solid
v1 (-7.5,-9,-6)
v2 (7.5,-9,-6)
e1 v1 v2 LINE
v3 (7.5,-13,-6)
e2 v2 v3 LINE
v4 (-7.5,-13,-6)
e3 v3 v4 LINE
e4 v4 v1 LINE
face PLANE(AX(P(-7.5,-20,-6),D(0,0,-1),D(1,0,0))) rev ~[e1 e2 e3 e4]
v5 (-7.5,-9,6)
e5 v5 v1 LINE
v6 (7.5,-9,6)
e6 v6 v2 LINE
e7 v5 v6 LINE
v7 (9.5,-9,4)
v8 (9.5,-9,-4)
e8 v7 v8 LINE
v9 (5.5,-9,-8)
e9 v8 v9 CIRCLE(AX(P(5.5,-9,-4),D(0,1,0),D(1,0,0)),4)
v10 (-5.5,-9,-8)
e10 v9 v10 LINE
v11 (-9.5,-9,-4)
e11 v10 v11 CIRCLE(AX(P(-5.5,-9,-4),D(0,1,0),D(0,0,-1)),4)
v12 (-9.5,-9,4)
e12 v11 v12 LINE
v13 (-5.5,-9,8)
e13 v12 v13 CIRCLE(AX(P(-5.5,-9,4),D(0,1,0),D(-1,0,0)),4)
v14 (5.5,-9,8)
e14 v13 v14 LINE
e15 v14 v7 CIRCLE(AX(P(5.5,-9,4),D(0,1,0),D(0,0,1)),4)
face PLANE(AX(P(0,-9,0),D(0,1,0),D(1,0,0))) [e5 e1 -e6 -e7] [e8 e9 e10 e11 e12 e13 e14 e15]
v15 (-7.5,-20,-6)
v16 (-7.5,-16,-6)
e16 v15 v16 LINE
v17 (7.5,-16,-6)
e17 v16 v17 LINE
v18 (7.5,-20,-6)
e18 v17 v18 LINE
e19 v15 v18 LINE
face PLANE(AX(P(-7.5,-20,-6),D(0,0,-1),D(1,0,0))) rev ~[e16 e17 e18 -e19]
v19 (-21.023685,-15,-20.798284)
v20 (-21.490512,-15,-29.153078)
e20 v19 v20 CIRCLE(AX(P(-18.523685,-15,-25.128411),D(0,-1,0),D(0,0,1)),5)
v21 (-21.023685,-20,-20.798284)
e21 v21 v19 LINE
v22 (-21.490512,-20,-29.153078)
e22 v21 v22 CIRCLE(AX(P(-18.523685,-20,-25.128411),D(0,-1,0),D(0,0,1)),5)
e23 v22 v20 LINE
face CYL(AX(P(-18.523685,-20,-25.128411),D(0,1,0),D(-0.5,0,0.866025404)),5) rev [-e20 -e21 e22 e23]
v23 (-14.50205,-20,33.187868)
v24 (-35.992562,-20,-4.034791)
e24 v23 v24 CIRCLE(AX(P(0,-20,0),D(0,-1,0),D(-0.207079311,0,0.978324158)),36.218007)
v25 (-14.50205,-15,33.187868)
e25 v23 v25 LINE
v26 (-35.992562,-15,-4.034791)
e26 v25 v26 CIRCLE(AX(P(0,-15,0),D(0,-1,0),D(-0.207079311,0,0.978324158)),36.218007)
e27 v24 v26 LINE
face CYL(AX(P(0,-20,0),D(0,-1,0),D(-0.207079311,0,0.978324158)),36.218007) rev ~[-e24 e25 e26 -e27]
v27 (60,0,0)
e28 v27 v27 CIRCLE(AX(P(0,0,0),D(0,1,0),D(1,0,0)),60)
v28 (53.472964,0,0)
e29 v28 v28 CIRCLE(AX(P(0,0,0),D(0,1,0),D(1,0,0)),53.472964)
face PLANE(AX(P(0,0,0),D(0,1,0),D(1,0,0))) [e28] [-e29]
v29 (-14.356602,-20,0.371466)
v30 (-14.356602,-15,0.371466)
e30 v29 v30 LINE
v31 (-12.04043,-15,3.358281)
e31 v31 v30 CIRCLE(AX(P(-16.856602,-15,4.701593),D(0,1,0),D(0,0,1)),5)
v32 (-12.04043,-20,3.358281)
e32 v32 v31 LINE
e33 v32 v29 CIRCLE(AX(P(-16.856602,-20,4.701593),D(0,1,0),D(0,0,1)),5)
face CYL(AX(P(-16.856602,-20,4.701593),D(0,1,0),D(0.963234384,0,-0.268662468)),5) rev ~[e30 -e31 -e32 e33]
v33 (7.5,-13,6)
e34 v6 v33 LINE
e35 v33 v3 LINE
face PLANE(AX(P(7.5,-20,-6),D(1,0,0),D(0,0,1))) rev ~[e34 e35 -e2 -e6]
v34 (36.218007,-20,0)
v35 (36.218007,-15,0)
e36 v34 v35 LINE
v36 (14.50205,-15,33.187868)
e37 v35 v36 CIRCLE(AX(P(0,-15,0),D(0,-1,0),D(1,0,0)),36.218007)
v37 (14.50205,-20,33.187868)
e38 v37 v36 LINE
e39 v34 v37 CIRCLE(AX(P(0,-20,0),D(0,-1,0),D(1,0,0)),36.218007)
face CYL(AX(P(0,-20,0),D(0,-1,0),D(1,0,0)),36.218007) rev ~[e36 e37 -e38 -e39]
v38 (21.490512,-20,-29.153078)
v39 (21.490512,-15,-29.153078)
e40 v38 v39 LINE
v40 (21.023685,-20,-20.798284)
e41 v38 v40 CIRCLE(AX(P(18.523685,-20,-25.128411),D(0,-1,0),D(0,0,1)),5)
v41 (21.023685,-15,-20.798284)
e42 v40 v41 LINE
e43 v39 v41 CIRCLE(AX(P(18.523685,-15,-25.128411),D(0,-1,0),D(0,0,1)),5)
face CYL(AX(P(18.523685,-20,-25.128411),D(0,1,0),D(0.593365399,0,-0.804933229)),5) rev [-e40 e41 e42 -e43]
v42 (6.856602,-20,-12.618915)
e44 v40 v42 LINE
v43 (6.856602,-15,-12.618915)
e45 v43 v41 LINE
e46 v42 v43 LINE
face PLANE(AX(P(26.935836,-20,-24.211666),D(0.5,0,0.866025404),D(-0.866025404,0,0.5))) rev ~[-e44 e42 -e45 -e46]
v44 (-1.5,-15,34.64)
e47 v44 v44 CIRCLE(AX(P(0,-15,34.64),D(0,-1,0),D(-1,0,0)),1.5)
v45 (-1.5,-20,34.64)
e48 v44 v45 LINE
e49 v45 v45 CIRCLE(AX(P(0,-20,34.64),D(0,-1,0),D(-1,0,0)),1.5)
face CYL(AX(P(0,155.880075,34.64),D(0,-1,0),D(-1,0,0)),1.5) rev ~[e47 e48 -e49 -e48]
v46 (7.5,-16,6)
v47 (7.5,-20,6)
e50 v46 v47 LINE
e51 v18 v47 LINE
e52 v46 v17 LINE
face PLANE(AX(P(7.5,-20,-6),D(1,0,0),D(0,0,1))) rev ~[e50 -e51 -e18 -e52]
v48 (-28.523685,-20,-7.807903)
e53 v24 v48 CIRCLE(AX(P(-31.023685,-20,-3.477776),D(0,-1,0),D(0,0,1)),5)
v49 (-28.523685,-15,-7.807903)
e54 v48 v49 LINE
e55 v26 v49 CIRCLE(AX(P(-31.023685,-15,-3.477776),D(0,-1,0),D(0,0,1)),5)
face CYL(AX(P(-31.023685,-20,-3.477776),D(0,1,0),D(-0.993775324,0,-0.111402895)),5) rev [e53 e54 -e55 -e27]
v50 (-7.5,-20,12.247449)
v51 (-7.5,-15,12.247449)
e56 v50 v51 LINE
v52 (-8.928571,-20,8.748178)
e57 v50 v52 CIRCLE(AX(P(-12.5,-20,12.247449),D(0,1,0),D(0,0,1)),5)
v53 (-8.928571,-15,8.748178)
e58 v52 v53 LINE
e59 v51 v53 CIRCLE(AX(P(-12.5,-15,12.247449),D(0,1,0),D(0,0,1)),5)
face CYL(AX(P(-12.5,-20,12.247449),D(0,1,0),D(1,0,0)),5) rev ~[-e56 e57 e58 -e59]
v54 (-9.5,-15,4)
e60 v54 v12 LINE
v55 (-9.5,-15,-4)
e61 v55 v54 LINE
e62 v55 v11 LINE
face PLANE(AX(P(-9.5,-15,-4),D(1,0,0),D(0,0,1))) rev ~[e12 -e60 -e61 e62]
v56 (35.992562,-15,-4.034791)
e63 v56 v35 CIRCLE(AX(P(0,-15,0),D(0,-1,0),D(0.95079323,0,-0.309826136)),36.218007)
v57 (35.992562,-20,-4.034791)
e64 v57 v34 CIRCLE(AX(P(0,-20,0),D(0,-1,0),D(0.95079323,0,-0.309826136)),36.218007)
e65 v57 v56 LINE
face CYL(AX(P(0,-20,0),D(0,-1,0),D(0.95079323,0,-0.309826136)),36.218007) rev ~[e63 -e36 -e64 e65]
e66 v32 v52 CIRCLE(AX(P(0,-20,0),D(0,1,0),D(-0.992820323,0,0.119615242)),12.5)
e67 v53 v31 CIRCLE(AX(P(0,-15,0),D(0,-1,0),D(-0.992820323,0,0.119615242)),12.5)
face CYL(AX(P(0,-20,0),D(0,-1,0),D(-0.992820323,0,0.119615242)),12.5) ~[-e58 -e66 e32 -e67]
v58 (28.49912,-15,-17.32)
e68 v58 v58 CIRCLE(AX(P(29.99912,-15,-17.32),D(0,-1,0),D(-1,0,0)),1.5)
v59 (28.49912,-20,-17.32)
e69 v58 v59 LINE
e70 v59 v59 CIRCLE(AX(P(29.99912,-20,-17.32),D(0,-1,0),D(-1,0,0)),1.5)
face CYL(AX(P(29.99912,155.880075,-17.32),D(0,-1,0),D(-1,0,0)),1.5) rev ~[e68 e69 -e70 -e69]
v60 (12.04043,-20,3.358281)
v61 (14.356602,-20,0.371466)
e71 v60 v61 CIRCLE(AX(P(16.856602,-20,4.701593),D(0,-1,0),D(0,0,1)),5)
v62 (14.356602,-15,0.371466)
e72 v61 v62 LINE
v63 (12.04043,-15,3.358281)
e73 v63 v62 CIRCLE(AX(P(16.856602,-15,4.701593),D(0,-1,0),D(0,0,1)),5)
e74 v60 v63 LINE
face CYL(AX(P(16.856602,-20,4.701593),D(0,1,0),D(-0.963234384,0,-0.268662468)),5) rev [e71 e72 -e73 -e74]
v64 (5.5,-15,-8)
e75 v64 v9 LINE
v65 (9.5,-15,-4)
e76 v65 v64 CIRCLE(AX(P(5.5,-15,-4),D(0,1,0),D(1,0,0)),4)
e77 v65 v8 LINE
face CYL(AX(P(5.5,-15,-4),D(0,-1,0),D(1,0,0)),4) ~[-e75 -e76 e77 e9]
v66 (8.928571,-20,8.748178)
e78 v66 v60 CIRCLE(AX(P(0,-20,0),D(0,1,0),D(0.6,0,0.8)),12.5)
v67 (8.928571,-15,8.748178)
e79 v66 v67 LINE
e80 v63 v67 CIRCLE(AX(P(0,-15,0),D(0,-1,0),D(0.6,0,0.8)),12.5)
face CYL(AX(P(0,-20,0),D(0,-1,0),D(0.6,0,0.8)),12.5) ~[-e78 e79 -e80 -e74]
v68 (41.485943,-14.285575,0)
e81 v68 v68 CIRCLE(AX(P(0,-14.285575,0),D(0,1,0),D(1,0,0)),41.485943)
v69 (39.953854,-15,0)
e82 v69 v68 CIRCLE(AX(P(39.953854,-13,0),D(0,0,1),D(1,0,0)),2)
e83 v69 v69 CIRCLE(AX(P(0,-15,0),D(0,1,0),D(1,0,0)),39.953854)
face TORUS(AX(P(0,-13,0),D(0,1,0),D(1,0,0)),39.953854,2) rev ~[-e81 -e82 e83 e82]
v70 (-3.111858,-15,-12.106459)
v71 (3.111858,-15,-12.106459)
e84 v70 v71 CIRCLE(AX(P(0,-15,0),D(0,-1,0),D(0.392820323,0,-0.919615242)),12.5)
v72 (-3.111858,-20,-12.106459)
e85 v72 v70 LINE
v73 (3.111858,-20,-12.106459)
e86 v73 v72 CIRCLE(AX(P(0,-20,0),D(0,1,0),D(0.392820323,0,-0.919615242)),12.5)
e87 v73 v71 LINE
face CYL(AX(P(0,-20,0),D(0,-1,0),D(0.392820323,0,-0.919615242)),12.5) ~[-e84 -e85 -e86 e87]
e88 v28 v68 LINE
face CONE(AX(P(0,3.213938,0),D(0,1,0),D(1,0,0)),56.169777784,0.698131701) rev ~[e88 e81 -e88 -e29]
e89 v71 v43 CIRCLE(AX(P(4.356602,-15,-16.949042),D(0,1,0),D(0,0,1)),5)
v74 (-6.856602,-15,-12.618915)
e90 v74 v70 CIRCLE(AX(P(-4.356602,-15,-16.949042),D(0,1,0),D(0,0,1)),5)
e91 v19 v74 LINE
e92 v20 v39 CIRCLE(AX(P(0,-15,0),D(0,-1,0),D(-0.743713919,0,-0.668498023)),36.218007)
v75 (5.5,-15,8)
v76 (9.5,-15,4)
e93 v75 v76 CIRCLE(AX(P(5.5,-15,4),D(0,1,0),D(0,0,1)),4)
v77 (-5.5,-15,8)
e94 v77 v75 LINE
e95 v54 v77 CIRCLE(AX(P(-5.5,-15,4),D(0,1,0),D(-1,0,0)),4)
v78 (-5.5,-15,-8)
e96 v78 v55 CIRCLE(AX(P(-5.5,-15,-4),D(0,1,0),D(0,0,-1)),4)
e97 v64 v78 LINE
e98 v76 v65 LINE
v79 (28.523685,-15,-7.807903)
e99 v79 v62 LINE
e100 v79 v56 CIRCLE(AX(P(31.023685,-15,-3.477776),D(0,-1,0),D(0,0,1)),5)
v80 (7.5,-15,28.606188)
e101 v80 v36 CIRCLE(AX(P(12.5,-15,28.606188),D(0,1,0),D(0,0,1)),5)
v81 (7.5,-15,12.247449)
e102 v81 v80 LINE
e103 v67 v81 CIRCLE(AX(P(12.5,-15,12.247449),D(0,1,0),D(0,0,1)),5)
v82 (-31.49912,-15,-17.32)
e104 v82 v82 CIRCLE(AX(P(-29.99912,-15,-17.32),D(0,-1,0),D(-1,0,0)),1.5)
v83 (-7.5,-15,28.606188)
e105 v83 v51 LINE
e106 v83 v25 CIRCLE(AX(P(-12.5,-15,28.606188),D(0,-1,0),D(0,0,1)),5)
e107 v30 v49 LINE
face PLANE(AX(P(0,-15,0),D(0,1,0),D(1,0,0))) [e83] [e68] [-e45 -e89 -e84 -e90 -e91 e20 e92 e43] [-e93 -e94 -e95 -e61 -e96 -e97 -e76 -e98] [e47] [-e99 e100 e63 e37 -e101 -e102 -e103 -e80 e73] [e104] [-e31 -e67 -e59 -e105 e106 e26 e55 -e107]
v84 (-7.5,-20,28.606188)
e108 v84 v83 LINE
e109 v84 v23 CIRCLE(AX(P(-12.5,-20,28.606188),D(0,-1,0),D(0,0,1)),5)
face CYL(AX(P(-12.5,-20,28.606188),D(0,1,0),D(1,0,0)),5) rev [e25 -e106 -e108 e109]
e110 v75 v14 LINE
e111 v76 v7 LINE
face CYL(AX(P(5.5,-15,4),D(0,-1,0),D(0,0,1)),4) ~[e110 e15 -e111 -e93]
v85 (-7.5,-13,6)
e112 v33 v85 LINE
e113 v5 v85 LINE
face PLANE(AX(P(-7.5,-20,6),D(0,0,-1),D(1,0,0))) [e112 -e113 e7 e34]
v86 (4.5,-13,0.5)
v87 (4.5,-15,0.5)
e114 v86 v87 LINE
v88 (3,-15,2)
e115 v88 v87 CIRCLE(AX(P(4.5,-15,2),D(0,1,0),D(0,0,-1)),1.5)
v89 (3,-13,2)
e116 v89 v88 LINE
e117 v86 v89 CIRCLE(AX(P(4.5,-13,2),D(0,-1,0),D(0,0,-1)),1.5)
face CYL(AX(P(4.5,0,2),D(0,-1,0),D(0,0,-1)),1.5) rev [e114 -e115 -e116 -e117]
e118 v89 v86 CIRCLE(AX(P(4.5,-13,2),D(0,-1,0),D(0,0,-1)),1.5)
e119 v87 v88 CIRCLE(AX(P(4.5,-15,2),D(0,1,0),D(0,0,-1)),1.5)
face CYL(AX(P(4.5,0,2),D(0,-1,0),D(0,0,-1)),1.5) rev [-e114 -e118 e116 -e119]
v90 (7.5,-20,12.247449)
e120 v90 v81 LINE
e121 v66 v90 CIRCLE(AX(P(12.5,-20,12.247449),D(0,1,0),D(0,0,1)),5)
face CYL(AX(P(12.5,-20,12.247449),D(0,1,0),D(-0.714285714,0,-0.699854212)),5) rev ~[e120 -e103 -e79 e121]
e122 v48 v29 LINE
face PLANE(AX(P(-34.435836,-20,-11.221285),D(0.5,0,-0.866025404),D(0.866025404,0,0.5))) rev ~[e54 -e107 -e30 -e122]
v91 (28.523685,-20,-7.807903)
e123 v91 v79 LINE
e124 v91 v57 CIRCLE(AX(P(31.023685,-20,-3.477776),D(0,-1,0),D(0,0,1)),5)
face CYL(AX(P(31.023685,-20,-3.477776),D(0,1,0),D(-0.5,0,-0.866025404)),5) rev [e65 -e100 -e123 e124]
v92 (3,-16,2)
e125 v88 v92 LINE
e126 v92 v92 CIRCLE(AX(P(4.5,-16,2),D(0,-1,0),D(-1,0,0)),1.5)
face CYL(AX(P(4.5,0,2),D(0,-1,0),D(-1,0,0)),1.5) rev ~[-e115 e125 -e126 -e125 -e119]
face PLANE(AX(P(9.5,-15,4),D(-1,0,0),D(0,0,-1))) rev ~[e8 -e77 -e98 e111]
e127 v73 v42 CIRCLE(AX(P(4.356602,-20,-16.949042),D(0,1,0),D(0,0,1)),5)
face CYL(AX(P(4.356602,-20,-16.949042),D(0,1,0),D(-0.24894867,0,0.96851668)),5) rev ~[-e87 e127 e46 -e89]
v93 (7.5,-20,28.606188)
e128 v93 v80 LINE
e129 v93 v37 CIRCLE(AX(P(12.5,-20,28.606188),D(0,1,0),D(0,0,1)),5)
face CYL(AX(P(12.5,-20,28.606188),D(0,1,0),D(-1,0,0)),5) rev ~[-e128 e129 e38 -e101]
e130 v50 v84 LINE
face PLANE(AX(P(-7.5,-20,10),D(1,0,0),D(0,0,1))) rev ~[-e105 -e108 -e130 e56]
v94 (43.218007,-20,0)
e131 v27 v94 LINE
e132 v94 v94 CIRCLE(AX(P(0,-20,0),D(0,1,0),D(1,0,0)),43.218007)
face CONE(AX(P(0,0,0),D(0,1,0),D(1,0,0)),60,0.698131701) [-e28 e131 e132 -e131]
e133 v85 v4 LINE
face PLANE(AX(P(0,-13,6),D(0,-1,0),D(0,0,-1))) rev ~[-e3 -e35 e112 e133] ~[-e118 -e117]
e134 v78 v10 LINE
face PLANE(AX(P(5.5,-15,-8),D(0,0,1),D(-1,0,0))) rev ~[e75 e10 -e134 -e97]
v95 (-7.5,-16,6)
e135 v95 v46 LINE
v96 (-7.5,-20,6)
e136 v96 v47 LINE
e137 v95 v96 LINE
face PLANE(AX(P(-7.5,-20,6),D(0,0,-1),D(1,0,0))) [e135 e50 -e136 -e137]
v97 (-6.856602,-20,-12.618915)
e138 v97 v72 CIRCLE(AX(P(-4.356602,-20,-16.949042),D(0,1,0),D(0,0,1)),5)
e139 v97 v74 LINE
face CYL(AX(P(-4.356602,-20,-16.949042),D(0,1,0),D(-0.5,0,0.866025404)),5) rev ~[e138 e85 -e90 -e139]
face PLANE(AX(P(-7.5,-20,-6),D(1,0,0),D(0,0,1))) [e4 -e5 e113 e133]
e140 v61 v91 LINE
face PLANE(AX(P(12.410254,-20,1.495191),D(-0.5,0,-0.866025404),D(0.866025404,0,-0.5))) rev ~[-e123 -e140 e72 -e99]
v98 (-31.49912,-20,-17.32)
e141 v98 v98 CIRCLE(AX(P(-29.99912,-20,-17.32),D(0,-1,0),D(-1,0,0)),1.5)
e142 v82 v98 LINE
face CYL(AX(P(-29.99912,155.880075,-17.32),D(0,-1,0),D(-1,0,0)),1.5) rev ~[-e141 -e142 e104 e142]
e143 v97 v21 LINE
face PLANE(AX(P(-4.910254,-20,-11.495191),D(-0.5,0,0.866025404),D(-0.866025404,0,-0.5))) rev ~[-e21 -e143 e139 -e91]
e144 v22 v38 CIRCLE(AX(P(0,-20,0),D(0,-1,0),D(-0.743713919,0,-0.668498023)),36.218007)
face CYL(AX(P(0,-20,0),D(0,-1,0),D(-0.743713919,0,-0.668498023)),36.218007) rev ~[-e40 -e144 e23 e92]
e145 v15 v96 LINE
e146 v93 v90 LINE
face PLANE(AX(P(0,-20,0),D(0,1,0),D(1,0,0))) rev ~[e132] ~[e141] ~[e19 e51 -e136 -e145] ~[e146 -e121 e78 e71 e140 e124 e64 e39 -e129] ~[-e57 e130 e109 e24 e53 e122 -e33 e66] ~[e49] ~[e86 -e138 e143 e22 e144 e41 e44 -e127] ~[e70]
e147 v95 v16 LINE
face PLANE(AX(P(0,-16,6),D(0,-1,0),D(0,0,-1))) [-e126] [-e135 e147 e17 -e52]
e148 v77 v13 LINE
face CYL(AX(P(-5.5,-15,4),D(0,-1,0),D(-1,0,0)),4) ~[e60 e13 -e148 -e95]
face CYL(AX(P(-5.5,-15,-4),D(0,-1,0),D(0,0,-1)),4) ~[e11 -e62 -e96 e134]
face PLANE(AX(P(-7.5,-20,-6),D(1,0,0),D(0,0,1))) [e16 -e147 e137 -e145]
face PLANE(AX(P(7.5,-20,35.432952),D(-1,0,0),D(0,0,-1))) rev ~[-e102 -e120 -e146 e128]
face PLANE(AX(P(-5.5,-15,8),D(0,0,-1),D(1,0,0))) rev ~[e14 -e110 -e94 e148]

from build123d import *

# Parameters (mm, degrees)
SKETCH1_R                 = 60
BOSS_EXTRUDE1_DEPTH       = 20
BOSS_EXTRUDE1_DRAFT       = -40
SHELL1_T                  = -5
CUT_EXTRUDE2_DEPTH        = 20
SKETCH3_W                 = 15
SKETCH3_H                 = 12
BOSS_EXTRUDE2_DEPTH       = 6
F_3_0MM_DOWEL_HOLE1_D     = 3
FILLET1_R                 = 5
FILLET2_R                 = 2
SKETCH10_W                = 15
SKETCH10_H                = 12
CUT_EXTRUDE3_DEPTH        = 5
SKETCH12_W                = 12
SKETCH12_H                = 3
BOSS_EXTRUDE5_DEPTH       = 7.5
F_3_0MM_DOWEL_HOLE3_D     = 3
F_3_0MM_DOWEL_HOLE3_DEPTH = 15
F_3_0MM_DOWEL_HOLE3_TIP   = 0.901290929


with BuildPart() as part:
    # Sketch1 → Boss-Extrude1 (with draft: the straight prism first)
    with BuildSketch(Plane(origin=(0, 0, 0), x_dir=(1, 0, 0), z_dir=(0, 1, 0))):
        Circle(SKETCH1_R)
    extrude(amount=-BOSS_EXTRUDE1_DEPTH)
    # Boss-Extrude1: the draft: its side faces are tilted about the plane it starts from
    boss_extrude1_sides = [part.faces().sort_by_distance(p)[0] for p in [
        (-60, -10, 0),
    ]]
    draft(boss_extrude1_sides, Plane(origin=(0, 0, 0), x_dir=(1, 0, 0), z_dir=(0, 1, 0)), BOSS_EXTRUDE1_DRAFT)

    # Shell1
    shell1_openings = [part.faces().sort_by_distance(p)[0] for p in [
        (0, 0, 0),
    ]]
    offset(amount=SHELL1_T, openings=shell1_openings, kind=Kind.INTERSECTION)

    # Sketch2 → Cut-Extrude2 (cut)
    with BuildSketch(Plane.XZ.offset(20)):
        with BuildLine():
            ThreePointArc((-7.5, 35.432951589), (-31.365714462, 18.109003688), (-34.435836207, -11.221285266))
            Line((-34.435836207, -11.221285266), (-12.410254038, 1.495190528))
            ThreePointArc((-12.410254038, 1.495190528), (-10.825317547, 6.25), (-7.5, 10))
            Line((-7.5, 10), (-7.5, 35.432951589))
        make_face()
        with BuildLine():
            Line((12.410254038, 1.495190528), (34.435836207, -11.221285266))
            ThreePointArc((34.435836207, -11.221285266), (35.769689879, -5.680963323), (36.218007376, 0))
            ThreePointArc((36.218007376, 0), (28.136978459, 22.804703495), (7.5, 35.432951589))
            Line((7.5, 35.432951589), (7.5, 10))
            ThreePointArc((7.5, 10), (10.825317547, 6.25), (12.410254038, 1.495190528))
        make_face()
        with BuildLine():
            ThreePointArc((-26.935836207, -24.211666323), (0, -36.218007376), (26.935836207, -24.211666323))
            Line((26.935836207, -24.211666323), (4.910254038, -11.495190528))
            ThreePointArc((4.910254038, -11.495190528), (0, -12.5), (-4.910254038, -11.495190528))
            Line((-4.910254038, -11.495190528), (-26.935836207, -24.211666323))
        make_face()
    extrude(amount=-CUT_EXTRUDE2_DEPTH, mode=Mode.SUBTRACT)

    # Sketch3 → Boss-Extrude2 (add)
    with BuildSketch(Plane(origin=(0, -15, 0), x_dir=(1, 0, 0), z_dir=(0, 1, 0))):
        with BuildLine():
            Line((-5.5, -8), (5.5, -8))
            ThreePointArc((5.5, -8), (8.328427125, -6.828427125), (9.5, -4))
            Line((9.5, -4), (9.5, 4))
            ThreePointArc((9.5, 4), (8.328427125, 6.828427125), (5.5, 8))
            Line((5.5, 8), (-5.5, 8))
            ThreePointArc((-5.5, 8), (-8.328427125, 6.828427125), (-9.5, 4))
            Line((-9.5, 4), (-9.5, -4))
            ThreePointArc((-9.5, -4), (-8.328427125, -6.828427125), (-5.5, -8))
        make_face()
        Rectangle(SKETCH3_W, SKETCH3_H, mode=Mode.SUBTRACT)
    extrude(amount=BOSS_EXTRUDE2_DEPTH)

    # Ø3.0mm Dowel Hole1 (through all)
    with Locations(Plane(origin=(0, -15, 0), x_dir=(1, 0, 0), z_dir=(0, 1, 0))):
        with Locations((-29.999119987, 17.32), (29.999119987, 17.32), (0, -34.64)):
            Hole(F_3_0MM_DOWEL_HOLE1_D / 2)

    # Fillet1
    fillet1_edges = [part.edges().sort_by_distance(p)[0] for p in [
        (-26.935836207, -17.5, -24.211666323),
        (-4.910254038, -17.5, -11.495190528),
        (4.910254038, -17.5, -11.495190528),
        (26.935836207, -17.5, -24.211666323),
        (34.435836207, -17.5, -11.221285266),
        (12.410254038, -17.5, 1.495190528),
        (7.5, -17.5, 10),
        (7.5, -17.5, 35.432951589),
        (-7.5, -17.5, 35.432951589),
        (-7.5, -17.5, 10),
        (-12.410254038, -17.5, 1.495190528),
        (-34.435836207, -17.5, -11.221285266),
    ]]
    fillet(fillet1_edges, radius=FILLET1_R)

    # Fillet2
    fillet2_edges = [part.edges().sort_by_distance(p)[0] for p in [
        (-40.886469086, -15, 0),
    ]]
    fillet(fillet2_edges, radius=FILLET2_R)

    # Sketch10 → Cut-Extrude3 (cut)
    with BuildSketch(Plane.XZ.offset(20)):
        Rectangle(SKETCH10_W, SKETCH10_H)
    extrude(amount=-CUT_EXTRUDE3_DEPTH, mode=Mode.SUBTRACT)

    # Sketch12 → Boss-Extrude5 (add, symmetric)
    with BuildSketch(Plane(origin=(0, 0, 0), x_dir=(0, 0, -1), z_dir=(1, 0, 0))):
        with Locations((0, -14.5)):
            Rectangle(SKETCH12_W, SKETCH12_H)
    extrude(amount=BOSS_EXTRUDE5_DEPTH, both=True)

    # Sketch9 → Ø3.0mm Dowel Hole2 (revolve, cut)
    with BuildSketch(Plane(origin=(4.5, -15, 2), x_dir=(0, 0, -1), z_dir=(1, 0, 0))):
        Polygon((0, 0), (0, 15.901290929), (1.5, 15), (1.5, 0), align=None)
    revolve(axis=Axis((4.5, -21.35, 2), (0, 1, 0)), mode=Mode.SUBTRACT)

    # Ø3.0mm Dowel Hole3
    with Locations(Plane(origin=(0, -15, 0), x_dir=(1, 0, 0), z_dir=(0, 1, 0))):
        with Locations((4.5, -2)):
            Hole(F_3_0MM_DOWEL_HOLE3_D / 2, depth=F_3_0MM_DOWEL_HOLE3_DEPTH)
            with Locations((0, 0, -(F_3_0MM_DOWEL_HOLE3_DEPTH + F_3_0MM_DOWEL_HOLE3_TIP / 2))):  # 118° drill point
                Cone(0, F_3_0MM_DOWEL_HOLE3_D / 2, F_3_0MM_DOWEL_HOLE3_TIP, mode=Mode.SUBTRACT)


solid = part.part
